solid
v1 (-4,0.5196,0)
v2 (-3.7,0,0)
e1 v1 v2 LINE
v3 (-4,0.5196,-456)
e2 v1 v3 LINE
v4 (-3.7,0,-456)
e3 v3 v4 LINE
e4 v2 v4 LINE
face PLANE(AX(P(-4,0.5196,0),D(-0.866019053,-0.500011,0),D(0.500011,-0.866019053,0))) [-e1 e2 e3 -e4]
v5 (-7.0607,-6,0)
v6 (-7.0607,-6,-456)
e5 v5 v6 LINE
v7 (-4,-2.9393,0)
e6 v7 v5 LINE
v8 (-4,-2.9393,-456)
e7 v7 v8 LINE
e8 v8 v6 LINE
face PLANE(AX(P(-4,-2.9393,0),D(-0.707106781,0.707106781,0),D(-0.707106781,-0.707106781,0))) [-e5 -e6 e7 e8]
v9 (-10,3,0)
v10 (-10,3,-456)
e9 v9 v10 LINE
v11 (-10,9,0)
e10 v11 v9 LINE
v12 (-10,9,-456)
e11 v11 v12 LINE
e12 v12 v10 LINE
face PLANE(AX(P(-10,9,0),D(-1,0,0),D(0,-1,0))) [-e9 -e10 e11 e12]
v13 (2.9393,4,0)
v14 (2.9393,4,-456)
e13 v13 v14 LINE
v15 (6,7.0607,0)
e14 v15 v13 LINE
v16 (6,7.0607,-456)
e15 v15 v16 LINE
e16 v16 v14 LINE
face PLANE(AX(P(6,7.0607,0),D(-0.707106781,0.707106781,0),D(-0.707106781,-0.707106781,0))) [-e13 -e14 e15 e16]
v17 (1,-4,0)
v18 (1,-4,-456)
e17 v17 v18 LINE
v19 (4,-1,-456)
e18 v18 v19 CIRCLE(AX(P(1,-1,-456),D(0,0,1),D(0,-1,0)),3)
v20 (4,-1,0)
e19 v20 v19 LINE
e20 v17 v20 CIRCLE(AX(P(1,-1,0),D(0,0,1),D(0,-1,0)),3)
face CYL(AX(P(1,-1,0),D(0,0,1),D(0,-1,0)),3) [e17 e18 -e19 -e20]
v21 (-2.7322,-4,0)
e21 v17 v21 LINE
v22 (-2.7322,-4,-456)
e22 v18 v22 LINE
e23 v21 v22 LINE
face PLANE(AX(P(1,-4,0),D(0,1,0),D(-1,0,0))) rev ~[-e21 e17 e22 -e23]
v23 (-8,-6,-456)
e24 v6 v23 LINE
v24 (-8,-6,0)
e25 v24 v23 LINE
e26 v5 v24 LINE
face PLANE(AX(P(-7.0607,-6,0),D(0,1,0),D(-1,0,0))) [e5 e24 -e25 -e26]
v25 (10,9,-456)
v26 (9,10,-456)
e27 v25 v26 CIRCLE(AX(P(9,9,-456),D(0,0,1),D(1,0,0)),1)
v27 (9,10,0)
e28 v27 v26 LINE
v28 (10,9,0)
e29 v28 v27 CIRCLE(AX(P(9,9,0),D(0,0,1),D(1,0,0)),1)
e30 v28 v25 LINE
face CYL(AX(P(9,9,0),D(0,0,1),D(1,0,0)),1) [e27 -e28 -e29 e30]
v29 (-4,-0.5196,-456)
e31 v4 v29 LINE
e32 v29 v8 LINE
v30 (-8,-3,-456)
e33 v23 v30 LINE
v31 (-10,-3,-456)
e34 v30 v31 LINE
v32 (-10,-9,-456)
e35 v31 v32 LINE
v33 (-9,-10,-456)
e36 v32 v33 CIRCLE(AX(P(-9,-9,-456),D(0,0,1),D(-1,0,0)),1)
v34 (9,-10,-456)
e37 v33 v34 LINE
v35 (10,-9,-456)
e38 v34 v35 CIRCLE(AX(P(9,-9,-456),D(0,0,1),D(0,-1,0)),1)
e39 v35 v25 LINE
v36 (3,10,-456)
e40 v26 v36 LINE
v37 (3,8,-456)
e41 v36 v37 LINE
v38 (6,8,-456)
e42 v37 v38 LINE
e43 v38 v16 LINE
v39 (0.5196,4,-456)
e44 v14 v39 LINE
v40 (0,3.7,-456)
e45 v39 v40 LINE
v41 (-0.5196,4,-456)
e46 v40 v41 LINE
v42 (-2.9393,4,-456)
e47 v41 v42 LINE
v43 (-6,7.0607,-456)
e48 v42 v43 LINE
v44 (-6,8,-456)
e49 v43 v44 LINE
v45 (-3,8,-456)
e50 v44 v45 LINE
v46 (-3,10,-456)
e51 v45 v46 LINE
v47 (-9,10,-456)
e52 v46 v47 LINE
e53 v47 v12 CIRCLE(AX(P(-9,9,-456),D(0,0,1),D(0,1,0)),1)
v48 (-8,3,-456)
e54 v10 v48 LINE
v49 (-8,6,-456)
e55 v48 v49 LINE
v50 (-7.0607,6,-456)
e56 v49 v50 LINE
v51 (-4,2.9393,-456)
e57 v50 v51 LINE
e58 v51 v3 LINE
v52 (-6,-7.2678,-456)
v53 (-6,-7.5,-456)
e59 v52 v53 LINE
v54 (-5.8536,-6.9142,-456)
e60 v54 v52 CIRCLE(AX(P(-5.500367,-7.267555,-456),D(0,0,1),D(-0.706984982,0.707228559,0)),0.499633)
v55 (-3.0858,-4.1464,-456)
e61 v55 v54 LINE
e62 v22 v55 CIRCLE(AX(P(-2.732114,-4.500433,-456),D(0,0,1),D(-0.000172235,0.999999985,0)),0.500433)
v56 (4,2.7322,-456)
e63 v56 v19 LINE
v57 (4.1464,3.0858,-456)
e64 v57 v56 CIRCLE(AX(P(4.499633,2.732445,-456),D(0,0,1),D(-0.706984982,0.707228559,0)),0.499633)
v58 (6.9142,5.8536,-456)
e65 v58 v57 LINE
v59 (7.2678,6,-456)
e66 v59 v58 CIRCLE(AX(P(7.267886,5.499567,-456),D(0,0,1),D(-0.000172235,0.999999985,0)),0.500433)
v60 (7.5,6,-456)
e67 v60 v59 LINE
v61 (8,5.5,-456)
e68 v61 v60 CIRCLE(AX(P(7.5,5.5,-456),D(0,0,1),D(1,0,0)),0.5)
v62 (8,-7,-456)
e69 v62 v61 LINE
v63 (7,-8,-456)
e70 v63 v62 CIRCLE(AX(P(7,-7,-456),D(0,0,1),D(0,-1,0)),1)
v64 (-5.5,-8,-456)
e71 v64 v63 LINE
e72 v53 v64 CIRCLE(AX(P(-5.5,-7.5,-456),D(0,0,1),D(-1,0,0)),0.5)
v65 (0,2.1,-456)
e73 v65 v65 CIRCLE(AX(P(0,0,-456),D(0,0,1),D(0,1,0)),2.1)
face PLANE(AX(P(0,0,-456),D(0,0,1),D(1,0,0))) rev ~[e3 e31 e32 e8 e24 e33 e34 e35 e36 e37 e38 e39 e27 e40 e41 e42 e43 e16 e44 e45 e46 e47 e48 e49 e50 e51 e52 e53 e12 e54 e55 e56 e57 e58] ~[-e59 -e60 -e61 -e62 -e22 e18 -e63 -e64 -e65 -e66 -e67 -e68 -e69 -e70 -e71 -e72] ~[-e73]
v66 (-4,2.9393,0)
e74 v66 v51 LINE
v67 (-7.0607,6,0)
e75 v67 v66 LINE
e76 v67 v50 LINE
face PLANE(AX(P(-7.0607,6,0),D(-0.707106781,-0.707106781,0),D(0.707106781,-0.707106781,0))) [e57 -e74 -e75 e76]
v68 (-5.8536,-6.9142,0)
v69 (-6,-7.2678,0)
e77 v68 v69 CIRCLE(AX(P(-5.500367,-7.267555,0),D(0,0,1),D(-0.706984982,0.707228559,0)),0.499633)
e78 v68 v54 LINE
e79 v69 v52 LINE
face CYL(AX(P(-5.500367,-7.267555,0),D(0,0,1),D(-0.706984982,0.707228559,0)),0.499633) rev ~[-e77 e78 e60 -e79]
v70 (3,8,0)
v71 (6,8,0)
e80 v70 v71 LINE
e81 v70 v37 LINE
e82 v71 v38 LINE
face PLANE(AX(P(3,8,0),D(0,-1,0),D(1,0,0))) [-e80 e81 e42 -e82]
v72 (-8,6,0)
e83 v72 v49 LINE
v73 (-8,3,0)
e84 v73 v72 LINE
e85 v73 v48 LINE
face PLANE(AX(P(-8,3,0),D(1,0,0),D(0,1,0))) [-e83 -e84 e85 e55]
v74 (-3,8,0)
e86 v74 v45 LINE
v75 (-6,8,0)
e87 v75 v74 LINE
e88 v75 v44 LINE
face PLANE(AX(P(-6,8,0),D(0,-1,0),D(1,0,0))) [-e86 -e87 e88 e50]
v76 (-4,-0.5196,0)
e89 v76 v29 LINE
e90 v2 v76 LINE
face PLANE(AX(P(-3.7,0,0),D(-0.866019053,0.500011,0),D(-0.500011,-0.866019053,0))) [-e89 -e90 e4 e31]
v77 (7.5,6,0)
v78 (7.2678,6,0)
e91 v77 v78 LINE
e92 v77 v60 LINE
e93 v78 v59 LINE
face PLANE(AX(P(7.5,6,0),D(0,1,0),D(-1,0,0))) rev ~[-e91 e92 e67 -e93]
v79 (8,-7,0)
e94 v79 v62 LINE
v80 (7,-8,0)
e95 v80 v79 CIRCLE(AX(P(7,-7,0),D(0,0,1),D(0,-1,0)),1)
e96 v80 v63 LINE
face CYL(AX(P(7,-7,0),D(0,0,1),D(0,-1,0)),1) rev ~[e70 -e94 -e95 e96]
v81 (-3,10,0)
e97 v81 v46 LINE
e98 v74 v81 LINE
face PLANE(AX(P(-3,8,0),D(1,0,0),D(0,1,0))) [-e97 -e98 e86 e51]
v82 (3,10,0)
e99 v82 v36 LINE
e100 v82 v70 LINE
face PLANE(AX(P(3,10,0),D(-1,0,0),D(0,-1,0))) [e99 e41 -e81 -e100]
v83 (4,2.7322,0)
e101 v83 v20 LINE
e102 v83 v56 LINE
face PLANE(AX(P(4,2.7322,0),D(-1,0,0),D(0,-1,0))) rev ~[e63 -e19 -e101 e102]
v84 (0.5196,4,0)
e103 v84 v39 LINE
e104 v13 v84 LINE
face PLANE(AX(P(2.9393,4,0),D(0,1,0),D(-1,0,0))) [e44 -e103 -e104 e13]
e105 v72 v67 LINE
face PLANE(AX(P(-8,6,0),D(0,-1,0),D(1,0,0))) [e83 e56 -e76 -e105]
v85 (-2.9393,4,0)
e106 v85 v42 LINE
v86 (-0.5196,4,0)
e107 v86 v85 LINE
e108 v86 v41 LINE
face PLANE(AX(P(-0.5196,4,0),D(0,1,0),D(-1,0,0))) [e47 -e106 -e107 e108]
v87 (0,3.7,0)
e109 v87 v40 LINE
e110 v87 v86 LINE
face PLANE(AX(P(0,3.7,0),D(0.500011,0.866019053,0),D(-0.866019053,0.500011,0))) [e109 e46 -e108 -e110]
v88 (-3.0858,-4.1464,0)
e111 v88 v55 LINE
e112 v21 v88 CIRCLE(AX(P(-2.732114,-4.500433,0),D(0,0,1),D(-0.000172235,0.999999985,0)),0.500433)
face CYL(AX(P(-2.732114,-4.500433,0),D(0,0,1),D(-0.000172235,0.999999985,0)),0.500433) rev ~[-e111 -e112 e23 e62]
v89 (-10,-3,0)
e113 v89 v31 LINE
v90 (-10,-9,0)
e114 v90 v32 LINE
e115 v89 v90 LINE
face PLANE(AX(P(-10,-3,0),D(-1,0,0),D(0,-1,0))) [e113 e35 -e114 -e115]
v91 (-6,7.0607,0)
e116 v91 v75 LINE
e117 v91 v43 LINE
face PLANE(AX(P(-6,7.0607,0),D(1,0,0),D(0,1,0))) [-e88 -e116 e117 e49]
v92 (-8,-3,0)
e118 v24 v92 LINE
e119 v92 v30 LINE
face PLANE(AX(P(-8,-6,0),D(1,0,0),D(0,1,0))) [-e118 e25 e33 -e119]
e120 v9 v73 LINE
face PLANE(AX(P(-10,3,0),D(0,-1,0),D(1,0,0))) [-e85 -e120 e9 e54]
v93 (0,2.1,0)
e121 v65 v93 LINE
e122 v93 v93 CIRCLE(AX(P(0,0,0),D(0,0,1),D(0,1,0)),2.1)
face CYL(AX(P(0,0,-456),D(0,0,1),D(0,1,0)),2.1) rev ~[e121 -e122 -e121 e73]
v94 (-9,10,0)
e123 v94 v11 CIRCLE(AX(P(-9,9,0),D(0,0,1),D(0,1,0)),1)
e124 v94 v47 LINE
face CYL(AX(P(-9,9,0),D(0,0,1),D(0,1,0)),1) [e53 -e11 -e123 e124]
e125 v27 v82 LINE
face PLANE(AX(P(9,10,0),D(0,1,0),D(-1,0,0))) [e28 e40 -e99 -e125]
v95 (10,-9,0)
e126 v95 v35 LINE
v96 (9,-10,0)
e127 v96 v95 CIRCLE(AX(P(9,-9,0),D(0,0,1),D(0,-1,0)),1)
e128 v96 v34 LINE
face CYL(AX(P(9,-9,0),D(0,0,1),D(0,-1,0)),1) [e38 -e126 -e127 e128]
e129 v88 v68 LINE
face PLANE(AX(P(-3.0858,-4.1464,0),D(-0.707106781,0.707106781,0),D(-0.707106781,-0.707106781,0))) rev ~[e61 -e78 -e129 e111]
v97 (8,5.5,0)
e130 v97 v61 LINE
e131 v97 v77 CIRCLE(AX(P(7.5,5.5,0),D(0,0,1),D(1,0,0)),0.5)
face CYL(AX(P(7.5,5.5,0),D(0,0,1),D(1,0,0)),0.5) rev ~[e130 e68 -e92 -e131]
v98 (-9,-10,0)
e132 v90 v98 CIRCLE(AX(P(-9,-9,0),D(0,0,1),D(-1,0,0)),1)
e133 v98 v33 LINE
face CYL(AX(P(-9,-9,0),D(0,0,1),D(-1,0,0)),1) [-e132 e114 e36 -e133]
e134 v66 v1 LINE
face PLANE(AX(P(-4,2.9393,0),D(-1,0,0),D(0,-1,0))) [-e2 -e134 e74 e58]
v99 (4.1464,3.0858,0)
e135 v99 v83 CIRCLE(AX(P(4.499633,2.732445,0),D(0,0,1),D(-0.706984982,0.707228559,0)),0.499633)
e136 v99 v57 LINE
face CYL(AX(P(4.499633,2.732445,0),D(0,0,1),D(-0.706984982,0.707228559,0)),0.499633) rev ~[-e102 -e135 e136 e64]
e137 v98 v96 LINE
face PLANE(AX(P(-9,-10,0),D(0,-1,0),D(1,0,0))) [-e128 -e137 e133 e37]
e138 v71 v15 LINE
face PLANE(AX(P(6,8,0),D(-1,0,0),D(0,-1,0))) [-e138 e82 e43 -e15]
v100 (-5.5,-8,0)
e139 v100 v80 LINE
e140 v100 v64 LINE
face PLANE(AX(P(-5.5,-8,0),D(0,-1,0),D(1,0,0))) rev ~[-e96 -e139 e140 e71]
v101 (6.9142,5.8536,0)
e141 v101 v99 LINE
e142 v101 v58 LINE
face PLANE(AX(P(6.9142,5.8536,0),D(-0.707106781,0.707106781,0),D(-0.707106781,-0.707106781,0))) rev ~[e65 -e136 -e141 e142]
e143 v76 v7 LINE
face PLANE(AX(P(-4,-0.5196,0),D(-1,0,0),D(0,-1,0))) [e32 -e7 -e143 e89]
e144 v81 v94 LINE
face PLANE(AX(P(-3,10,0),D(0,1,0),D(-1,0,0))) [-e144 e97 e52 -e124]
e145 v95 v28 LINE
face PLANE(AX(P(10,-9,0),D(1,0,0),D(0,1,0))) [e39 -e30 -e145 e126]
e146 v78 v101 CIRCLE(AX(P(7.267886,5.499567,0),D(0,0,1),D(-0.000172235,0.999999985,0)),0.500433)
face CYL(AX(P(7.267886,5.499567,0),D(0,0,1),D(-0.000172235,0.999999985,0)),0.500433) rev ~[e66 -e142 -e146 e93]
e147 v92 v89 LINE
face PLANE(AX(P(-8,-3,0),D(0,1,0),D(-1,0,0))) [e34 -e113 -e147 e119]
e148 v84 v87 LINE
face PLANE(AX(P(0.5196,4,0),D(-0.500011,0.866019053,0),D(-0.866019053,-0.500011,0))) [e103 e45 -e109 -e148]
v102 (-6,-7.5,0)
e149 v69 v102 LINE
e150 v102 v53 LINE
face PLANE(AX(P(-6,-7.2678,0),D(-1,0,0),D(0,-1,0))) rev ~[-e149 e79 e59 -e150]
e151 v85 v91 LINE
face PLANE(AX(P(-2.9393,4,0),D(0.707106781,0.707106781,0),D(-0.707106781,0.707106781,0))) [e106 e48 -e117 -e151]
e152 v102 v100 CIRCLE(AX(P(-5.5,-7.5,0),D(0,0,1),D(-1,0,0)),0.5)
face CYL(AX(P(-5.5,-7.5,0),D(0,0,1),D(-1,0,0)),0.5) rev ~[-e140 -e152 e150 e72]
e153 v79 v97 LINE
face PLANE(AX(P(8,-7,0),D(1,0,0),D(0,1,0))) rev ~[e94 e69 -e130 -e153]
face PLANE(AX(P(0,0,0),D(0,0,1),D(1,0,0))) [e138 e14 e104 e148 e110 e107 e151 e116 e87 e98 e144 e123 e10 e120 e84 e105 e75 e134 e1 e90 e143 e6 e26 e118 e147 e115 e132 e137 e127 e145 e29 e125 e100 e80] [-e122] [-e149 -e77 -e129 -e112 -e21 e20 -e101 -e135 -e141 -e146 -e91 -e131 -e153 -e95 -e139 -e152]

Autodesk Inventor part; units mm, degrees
sketch "Sketch_64" plane through (0, 0, 0) normal (0, 0, 1) x (1, 0, 0)
  line L0 (-10, -3) -> (-10, -9)
  arc A0 (-10, -9) -> (-9, -10) centre (-9, -9) ccw
  line L1 (-9, -10) -> (9, -10)
  arc A1 (9, -10) -> (10, -9) centre (9, -9) ccw
  line L2 (10, -9) -> (10, 9)
  arc A2 (10, 9) -> (9, 10) centre (9, 9) ccw
  line L3 (9, 10) -> (3, 10)
  line L4 (3, 10) -> (3, 8)
  line L5 (3, 8) -> (6, 8)
  line L6 (6, 8) -> (6, 7.0607)
  line L7 (6, 7.0607) -> (2.9393, 4)
  line L8 (2.9393, 4) -> (0.5196, 4)
  line L9 (0.5196, 4) -> (0, 3.7)
  line L10 (0, 3.7) -> (-0.5196, 4)
  line L11 (-0.5196, 4) -> (-2.9393, 4)
  line L12 (-2.9393, 4) -> (-6, 7.0607)
  line L13 (-6, 7.0607) -> (-6, 8)
  line L14 (-6, 8) -> (-3, 8)
  line L15 (-3, 8) -> (-3, 10)
  line L16 (-3, 10) -> (-9, 10)
  arc A3 (-9, 10) -> (-10, 9) centre (-9, 9) ccw
  line L17 (-10, 9) -> (-10, 3)
  line L18 (-10, 3) -> (-8, 3)
  line L19 (-8, 3) -> (-8, 6)
  line L20 (-8, 6) -> (-7.0607, 6)
  line L21 (-7.0607, 6) -> (-4, 2.9393)
  line L22 (-4, 2.9393) -> (-4, 0.5196)
  line L23 (-4, 0.5196) -> (-3.7, 0)
  line L24 (-3.7, 0) -> (-4, -0.5196)
  line L25 (-4, -0.5196) -> (-4, -2.9393)
  line L26 (-4, -2.9393) -> (-7.0607, -6)
  line L27 (-7.0607, -6) -> (-8, -6)
  line L28 (-8, -6) -> (-8, -3)
  line L29 (-8, -3) -> (-10, -3)
  line L30 (-6, -7.2678) -> (-6, -7.5)
  arc A4 (-6, -7.5) -> (-5.5, -8) centre (-5.5, -7.5) ccw
  line L31 (-5.5, -8) -> (7, -8)
  arc A5 (7, -8) -> (8, -7) centre (7, -7) ccw
  line L32 (8, -7) -> (8, 5.5)
  arc A6 (8, 5.5) -> (7.5, 6) centre (7.5, 5.5) ccw
  line L33 (7.5, 6) -> (7.2678, 6)
  arc A7 (7.2678, 6) -> (6.9142, 5.8536) centre (7.2678, 5.5) ccw
  line L34 (6.9142, 5.8536) -> (4.1464, 3.0858)
  arc A8 (4.1464, 3.0858) -> (4, 2.7322) centre (4.5, 2.7322) ccw
  line L35 (4, 2.7322) -> (4, -1)
  arc A9 (1, -4) -> (4, -1) centre (1, -1) ccw
  line L36 (1, -4) -> (-2.7322, -4)
  arc A10 (-2.7322, -4) -> (-3.0858, -4.1464) centre (-2.7322, -4.5) ccw
  line L37 (-3.0858, -4.1464) -> (-5.8536, -6.9142)
  arc A11 (-5.8536, -6.9142) -> (-6, -7.2678) centre (-5.5, -7.2678) ccw
extrude "Extrusion1" add sketch "Sketch_64" against normal blind 456
sketch "Sketch2" plane through (0, 0, -456) normal (0, 0, -1) x (-1, 0, 0)
  point P0 (0, 0)
hole "Hole1" at (0, 0, -456) direction (0, 0, 1) diameter 4.2 depth 456
ref_plane "C1_XY" through (0, 0, 0) normal (0, 0, 1) x (1, 0, 0)
ref_plane "C1_YZ" through (0, 0, 0) normal (1, 0, 0) x (0, 1, 0)
ref_plane "C1_ZX" through (0, 0, 0) normal (0, 1, 0) x (0, 0, 1)
thread "Thread1" size "M5x0.8" class "6H" standard "ANSI Metric M Profile" length 10
thread "Thread2" size "M4.5x0.75" class "6H" standard "ANSI Metric M Profile" length 10
properties part number "HFSTB5-2020-456" material "Aluminum 6061"
